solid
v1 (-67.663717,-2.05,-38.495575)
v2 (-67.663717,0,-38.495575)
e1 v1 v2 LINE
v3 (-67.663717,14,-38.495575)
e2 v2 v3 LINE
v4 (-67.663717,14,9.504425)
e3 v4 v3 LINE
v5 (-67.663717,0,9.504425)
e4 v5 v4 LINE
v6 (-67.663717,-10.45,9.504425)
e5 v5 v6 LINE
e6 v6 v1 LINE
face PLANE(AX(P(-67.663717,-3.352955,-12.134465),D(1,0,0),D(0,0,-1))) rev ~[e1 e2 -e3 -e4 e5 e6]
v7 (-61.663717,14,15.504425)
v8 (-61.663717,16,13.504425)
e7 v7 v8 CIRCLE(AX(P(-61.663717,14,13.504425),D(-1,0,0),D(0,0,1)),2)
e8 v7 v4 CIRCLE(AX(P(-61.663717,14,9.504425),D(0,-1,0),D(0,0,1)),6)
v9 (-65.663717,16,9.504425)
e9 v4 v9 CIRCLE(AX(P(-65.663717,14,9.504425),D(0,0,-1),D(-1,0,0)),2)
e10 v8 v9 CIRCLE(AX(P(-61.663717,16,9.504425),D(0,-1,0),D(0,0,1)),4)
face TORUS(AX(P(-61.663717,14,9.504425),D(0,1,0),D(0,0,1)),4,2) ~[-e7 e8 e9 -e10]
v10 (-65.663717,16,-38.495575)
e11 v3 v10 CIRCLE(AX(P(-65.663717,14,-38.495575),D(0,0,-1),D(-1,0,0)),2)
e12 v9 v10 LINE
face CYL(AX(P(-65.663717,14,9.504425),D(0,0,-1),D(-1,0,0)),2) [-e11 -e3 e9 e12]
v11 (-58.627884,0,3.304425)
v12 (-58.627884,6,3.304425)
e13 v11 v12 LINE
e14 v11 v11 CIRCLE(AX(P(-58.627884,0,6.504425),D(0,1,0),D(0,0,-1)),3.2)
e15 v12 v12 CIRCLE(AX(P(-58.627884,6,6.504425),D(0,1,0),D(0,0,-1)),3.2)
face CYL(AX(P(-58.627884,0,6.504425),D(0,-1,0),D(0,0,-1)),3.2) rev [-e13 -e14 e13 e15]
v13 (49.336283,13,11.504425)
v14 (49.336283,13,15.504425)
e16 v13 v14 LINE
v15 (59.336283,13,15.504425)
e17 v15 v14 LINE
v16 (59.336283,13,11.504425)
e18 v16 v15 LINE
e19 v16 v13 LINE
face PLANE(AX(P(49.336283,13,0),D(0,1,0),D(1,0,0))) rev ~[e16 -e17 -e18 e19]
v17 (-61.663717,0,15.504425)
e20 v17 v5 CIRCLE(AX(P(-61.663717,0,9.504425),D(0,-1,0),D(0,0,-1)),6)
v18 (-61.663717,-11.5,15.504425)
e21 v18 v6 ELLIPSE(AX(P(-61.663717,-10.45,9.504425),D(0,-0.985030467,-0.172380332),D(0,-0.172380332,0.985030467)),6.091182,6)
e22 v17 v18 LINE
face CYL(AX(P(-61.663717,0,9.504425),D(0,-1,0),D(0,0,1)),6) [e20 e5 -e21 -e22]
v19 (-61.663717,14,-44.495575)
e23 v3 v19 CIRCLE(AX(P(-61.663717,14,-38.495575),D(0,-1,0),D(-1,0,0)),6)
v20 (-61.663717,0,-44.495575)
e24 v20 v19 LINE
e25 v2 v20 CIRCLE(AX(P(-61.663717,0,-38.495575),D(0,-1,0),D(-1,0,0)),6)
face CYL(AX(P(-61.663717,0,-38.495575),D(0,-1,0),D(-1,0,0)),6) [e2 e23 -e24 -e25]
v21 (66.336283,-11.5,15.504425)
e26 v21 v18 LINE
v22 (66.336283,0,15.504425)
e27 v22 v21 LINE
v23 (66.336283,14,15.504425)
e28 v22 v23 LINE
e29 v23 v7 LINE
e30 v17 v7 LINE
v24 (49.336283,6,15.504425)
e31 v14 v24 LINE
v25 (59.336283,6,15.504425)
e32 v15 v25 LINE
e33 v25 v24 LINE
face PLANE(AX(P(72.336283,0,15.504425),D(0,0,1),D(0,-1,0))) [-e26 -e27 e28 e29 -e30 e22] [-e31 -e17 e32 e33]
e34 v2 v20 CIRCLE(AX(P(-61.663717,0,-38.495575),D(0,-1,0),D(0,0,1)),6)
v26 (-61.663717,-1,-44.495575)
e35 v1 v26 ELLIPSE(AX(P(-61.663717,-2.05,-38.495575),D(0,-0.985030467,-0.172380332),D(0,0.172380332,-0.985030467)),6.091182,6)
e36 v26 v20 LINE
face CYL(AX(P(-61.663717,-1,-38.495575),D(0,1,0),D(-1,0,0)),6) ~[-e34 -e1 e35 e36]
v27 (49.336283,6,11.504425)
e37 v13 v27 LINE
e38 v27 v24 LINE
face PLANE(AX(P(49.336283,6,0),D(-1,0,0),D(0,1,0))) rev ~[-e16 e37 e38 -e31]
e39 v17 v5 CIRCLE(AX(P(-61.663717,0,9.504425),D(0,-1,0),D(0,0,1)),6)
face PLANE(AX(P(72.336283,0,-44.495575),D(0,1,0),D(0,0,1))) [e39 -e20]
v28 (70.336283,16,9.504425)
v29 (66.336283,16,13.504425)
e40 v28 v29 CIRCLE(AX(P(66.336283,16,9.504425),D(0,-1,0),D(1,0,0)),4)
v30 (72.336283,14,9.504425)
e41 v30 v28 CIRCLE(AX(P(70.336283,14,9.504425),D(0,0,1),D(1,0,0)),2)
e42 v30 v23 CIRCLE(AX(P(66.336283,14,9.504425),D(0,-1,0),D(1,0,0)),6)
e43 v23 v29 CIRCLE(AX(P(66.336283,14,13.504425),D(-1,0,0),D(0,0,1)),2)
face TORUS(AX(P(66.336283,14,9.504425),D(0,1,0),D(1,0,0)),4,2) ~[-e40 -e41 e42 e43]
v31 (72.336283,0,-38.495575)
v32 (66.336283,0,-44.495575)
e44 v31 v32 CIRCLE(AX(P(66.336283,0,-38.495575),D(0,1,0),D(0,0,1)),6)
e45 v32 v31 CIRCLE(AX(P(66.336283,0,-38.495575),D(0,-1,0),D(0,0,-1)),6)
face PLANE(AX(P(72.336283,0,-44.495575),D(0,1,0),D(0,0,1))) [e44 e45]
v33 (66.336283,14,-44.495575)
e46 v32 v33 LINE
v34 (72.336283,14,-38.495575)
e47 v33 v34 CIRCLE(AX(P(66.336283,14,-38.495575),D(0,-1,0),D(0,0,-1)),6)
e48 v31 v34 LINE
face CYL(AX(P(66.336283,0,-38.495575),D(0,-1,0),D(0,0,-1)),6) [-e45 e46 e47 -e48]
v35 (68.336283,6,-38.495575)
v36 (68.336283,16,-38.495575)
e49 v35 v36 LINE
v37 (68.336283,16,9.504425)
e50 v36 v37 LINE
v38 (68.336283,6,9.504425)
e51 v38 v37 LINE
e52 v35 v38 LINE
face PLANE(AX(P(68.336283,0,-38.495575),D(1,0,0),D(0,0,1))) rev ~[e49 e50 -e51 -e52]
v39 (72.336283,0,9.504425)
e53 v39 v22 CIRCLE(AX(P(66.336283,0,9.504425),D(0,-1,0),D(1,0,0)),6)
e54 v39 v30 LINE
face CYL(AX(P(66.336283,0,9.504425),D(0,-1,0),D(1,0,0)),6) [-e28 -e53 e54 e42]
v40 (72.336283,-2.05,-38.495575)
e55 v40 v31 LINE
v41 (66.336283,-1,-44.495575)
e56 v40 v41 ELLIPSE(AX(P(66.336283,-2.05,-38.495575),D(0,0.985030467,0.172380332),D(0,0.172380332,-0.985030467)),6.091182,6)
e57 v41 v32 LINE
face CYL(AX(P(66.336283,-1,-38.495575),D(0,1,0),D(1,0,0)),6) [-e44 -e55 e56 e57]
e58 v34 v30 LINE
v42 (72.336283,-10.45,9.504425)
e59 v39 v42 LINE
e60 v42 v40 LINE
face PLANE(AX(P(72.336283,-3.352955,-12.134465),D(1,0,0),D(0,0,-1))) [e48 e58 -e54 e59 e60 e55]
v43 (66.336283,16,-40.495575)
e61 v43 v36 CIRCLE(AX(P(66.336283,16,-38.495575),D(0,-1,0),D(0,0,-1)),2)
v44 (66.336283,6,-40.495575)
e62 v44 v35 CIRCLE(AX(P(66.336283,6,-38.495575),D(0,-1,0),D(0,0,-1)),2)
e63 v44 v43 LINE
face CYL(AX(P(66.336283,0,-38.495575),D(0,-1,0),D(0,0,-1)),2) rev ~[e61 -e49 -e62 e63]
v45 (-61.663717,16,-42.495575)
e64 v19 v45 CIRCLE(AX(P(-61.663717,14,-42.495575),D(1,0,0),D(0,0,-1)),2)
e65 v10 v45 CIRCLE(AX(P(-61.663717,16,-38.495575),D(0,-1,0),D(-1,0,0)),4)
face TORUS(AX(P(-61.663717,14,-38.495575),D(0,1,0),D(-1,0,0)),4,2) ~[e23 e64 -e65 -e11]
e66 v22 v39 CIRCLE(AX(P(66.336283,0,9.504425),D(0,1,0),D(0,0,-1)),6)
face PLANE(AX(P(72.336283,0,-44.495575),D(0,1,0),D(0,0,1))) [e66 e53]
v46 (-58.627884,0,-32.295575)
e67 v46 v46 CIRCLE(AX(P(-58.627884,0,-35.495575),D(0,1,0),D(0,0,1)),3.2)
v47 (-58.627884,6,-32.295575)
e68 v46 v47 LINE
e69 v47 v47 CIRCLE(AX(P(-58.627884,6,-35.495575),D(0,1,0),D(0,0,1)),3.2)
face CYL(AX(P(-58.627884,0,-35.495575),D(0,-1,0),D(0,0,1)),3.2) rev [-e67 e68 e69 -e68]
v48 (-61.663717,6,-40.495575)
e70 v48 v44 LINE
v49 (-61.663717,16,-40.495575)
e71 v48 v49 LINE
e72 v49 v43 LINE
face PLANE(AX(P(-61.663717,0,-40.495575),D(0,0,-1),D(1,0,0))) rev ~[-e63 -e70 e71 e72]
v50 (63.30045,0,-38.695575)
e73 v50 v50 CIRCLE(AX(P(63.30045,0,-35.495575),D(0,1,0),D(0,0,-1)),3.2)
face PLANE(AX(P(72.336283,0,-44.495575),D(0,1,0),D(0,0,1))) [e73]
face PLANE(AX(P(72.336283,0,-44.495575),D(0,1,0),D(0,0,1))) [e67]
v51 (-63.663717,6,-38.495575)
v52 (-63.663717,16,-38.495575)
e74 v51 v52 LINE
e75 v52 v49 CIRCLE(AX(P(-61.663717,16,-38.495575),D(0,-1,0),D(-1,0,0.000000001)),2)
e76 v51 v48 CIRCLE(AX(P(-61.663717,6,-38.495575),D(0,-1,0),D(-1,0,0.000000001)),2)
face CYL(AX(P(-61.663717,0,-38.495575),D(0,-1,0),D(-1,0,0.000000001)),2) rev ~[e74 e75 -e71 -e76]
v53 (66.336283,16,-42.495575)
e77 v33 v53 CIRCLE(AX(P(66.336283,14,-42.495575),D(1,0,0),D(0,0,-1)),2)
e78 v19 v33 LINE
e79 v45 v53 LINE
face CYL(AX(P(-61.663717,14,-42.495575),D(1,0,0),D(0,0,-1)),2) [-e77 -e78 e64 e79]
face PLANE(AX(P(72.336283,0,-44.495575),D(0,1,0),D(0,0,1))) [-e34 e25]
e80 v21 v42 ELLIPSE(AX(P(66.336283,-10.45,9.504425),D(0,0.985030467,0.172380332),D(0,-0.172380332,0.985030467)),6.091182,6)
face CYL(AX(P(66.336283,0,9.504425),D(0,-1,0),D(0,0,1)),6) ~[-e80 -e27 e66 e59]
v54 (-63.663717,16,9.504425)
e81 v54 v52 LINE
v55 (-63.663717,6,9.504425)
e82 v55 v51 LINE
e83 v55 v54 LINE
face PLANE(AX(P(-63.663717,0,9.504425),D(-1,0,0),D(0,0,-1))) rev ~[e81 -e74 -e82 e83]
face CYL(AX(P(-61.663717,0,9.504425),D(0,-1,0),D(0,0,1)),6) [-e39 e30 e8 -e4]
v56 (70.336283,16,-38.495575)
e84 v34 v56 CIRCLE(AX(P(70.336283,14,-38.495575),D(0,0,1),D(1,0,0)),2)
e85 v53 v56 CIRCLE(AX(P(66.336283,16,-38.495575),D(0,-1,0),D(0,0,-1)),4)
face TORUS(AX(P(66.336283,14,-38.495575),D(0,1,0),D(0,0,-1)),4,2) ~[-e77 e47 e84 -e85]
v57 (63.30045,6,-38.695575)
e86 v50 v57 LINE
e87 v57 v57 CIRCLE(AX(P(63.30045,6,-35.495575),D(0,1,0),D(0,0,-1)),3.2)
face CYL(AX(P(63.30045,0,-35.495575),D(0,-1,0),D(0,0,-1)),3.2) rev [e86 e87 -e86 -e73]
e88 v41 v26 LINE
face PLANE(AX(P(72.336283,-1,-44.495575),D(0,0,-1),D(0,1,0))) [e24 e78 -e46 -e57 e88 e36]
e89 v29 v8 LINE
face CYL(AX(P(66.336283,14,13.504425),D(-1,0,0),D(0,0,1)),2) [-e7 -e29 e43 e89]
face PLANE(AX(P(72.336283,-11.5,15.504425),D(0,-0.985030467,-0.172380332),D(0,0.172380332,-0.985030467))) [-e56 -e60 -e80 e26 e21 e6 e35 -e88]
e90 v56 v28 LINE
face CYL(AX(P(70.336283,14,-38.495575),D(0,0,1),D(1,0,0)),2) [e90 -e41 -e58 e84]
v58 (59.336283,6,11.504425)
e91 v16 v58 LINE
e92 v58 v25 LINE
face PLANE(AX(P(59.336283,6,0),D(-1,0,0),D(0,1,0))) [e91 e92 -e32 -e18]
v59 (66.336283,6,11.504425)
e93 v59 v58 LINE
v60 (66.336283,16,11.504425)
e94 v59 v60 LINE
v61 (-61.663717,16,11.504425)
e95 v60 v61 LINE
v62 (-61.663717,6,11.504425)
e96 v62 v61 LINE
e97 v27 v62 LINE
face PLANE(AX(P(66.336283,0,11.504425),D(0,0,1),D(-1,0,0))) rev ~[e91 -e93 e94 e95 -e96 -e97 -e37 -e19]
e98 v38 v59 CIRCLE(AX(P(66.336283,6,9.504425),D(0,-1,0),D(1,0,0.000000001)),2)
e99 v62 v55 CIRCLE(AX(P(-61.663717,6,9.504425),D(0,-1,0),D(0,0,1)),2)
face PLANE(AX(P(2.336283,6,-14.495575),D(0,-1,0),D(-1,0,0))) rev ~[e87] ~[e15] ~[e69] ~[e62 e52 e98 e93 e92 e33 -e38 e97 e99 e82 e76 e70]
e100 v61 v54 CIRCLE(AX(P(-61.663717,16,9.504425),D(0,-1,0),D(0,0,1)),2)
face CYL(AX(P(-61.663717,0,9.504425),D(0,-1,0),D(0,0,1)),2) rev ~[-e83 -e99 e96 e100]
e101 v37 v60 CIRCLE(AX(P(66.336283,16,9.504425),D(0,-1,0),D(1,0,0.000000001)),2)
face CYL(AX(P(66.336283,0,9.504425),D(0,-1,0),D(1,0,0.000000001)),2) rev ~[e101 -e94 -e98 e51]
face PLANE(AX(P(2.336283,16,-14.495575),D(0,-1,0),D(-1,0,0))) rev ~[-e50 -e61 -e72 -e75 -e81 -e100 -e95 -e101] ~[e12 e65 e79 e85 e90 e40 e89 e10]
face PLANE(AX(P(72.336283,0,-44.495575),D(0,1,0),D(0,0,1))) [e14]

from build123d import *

# Parameters (mm, degrees)
BOSS_EXTRUDE1_DEPTH = 16
SKETCH2_R           = 3.2
BOSS_EXTRUDE2_DEPTH = 6
SKETCH3_W           = 10
SKETCH3_H           = 7
CUT_EXTRUDE1_DEPTH  = 28
FILLET2_R           = 2
BOSS_EXTRUDE3_DEPTH = 140
FILLET3_R           = 6


with BuildPart() as part:
    # Sketch1 → Boss-Extrude1 (new body)
    with BuildSketch(Plane(origin=(0, 0, 0), x_dir=(1, 0, 0), z_dir=(0, 1, 0))):
        with BuildLine():
            Line((-61.663716814, 44.495575221), (66.336283186, 44.495575221))
            ThreePointArc((66.336283186, 44.495575221), (70.578923873, 42.738215908), (72.336283186, 38.495575221))
            Line((72.336283186, 38.495575221), (72.336283186, -9.504424779))
            ThreePointArc((72.336283186, -9.504424779), (70.578923873, -13.747065466), (66.336283186, -15.504424779))
            Line((66.336283186, -15.504424779), (-61.663716814, -15.504424779))
            ThreePointArc((-61.663716814, -15.504424779), (-65.906357501, -13.747065466), (-67.663716814, -9.504424779))
            Line((-67.663716814, -9.504424779), (-67.663716814, 38.495575221))
            ThreePointArc((-67.663716814, 38.495575221), (-65.906357501, 42.738215908), (-61.663716814, 44.495575221))
        make_face()
        with BuildLine():
            Line((-61.663716814, 40.495575221), (66.336283186, 40.495575221))
            ThreePointArc((66.336283186, 40.495575221), (67.750496748, 39.909788784), (68.336283186, 38.495575221))
            Line((68.336283186, 38.495575221), (68.336283186, -9.504424779))
            ThreePointArc((68.336283186, -9.504424779), (67.750496748, -10.918638341), (66.336283186, -11.504424779))
            Line((66.336283186, -11.504424779), (-61.663716814, -11.504424779))
            ThreePointArc((-61.663716814, -11.504424779), (-63.077930377, -10.918638341), (-63.663716814, -9.504424779))
            Line((-63.663716814, -9.504424779), (-63.663716814, 38.495575221))
            ThreePointArc((-63.663716814, 38.495575221), (-63.077930377, 39.909788784), (-61.663716814, 40.495575221))
        make_face(mode=Mode.SUBTRACT)
    extrude(amount=BOSS_EXTRUDE1_DEPTH)

    # Sketch2 → Boss-Extrude2 (add)
    with BuildSketch(Plane(origin=(0, 0, 0), x_dir=(1, 0, 0), z_dir=(0, 1, 0))):
        with BuildLine():
            Line((-61.663716814, 40.495575221), (66.336283186, 40.495575221))
            ThreePointArc((66.336283186, 40.495575221), (67.750496748, 39.909788784), (68.336283186, 38.495575221))
            Line((68.336283186, 38.495575221), (68.336283186, -9.504424779))
            ThreePointArc((68.336283186, -9.504424779), (67.750496748, -10.918638341), (66.336283186, -11.504424779))
            Line((66.336283186, -11.504424779), (-61.663716814, -11.504424779))
            ThreePointArc((-61.663716814, -11.504424779), (-63.077930377, -10.918638341), (-63.663716814, -9.504424779))
            Line((-63.663716814, -9.504424779), (-63.663716814, 38.495575221))
            ThreePointArc((-63.663716814, 38.495575221), (-63.077930377, 39.909788784), (-61.663716814, 40.495575221))
        make_face()
        with Locations(Location((-58.62788409, 35.495575221, 0), (0, 0, 270))):
            Circle(SKETCH2_R, mode=Mode.SUBTRACT)
        with Locations(Location((63.300450462, 35.495575221, 0), (0, 0, 90))):
            Circle(SKETCH2_R, mode=Mode.SUBTRACT)
        with Locations(Location((-58.62788409, -6.504424779, 0), (0, 0, 90))):
            Circle(SKETCH2_R, mode=Mode.SUBTRACT)
    extrude(amount=BOSS_EXTRUDE2_DEPTH)

    # Sketch3 → Cut-Extrude1 (cut)
    with BuildSketch(Plane.XY):
        with Locations((54.336283186, 9.5)):
            Rectangle(SKETCH3_W, SKETCH3_H)
    extrude(amount=CUT_EXTRUDE1_DEPTH, mode=Mode.SUBTRACT)

    # Fillet2
    fillet2_edges = [part.edges().sort_by_distance(p)[0] for p in [
        (-65.906357501, 16, -42.738215908),
        (-67.663716814, 16, -14.495575221),
        (-65.906357501, 16, 13.747065466),
        (2.336283186, 16, 15.504424779),
        (70.578923873, 16, 13.747065466),
        (72.336283186, 16, -14.495575221),
        (70.578923873, 16, -42.738215908),
        (2.336283186, 16, -44.495575221),
    ]]
    fillet(fillet2_edges, radius=FILLET2_R)

    # Sketch4 → Boss-Extrude3 (add)
    with BuildSketch(Plane(origin=(72.336283186, 0, 0), x_dir=(0, 0, -1), z_dir=(1, 0, 0))):
        Polygon((-15.504424779, 0), (-15.504424779, -11.5), (44.495575221, -1), (44.495575221, 0), align=None)
    extrude(amount=-BOSS_EXTRUDE3_DEPTH)

    # Fillet3
    fillet3_edges = [part.edges().sort_by_distance(p)[0] for p in [
        (-67.663716814, -5.75, 15.504424779),
        (72.336283186, -5.75, 15.504424779),
        (-67.663716814, -0.5, -44.495575221),
        (72.336283186, -0.5, -44.495575221),
    ]]
    fillet(fillet3_edges, radius=FILLET3_R)


solid = part.part
